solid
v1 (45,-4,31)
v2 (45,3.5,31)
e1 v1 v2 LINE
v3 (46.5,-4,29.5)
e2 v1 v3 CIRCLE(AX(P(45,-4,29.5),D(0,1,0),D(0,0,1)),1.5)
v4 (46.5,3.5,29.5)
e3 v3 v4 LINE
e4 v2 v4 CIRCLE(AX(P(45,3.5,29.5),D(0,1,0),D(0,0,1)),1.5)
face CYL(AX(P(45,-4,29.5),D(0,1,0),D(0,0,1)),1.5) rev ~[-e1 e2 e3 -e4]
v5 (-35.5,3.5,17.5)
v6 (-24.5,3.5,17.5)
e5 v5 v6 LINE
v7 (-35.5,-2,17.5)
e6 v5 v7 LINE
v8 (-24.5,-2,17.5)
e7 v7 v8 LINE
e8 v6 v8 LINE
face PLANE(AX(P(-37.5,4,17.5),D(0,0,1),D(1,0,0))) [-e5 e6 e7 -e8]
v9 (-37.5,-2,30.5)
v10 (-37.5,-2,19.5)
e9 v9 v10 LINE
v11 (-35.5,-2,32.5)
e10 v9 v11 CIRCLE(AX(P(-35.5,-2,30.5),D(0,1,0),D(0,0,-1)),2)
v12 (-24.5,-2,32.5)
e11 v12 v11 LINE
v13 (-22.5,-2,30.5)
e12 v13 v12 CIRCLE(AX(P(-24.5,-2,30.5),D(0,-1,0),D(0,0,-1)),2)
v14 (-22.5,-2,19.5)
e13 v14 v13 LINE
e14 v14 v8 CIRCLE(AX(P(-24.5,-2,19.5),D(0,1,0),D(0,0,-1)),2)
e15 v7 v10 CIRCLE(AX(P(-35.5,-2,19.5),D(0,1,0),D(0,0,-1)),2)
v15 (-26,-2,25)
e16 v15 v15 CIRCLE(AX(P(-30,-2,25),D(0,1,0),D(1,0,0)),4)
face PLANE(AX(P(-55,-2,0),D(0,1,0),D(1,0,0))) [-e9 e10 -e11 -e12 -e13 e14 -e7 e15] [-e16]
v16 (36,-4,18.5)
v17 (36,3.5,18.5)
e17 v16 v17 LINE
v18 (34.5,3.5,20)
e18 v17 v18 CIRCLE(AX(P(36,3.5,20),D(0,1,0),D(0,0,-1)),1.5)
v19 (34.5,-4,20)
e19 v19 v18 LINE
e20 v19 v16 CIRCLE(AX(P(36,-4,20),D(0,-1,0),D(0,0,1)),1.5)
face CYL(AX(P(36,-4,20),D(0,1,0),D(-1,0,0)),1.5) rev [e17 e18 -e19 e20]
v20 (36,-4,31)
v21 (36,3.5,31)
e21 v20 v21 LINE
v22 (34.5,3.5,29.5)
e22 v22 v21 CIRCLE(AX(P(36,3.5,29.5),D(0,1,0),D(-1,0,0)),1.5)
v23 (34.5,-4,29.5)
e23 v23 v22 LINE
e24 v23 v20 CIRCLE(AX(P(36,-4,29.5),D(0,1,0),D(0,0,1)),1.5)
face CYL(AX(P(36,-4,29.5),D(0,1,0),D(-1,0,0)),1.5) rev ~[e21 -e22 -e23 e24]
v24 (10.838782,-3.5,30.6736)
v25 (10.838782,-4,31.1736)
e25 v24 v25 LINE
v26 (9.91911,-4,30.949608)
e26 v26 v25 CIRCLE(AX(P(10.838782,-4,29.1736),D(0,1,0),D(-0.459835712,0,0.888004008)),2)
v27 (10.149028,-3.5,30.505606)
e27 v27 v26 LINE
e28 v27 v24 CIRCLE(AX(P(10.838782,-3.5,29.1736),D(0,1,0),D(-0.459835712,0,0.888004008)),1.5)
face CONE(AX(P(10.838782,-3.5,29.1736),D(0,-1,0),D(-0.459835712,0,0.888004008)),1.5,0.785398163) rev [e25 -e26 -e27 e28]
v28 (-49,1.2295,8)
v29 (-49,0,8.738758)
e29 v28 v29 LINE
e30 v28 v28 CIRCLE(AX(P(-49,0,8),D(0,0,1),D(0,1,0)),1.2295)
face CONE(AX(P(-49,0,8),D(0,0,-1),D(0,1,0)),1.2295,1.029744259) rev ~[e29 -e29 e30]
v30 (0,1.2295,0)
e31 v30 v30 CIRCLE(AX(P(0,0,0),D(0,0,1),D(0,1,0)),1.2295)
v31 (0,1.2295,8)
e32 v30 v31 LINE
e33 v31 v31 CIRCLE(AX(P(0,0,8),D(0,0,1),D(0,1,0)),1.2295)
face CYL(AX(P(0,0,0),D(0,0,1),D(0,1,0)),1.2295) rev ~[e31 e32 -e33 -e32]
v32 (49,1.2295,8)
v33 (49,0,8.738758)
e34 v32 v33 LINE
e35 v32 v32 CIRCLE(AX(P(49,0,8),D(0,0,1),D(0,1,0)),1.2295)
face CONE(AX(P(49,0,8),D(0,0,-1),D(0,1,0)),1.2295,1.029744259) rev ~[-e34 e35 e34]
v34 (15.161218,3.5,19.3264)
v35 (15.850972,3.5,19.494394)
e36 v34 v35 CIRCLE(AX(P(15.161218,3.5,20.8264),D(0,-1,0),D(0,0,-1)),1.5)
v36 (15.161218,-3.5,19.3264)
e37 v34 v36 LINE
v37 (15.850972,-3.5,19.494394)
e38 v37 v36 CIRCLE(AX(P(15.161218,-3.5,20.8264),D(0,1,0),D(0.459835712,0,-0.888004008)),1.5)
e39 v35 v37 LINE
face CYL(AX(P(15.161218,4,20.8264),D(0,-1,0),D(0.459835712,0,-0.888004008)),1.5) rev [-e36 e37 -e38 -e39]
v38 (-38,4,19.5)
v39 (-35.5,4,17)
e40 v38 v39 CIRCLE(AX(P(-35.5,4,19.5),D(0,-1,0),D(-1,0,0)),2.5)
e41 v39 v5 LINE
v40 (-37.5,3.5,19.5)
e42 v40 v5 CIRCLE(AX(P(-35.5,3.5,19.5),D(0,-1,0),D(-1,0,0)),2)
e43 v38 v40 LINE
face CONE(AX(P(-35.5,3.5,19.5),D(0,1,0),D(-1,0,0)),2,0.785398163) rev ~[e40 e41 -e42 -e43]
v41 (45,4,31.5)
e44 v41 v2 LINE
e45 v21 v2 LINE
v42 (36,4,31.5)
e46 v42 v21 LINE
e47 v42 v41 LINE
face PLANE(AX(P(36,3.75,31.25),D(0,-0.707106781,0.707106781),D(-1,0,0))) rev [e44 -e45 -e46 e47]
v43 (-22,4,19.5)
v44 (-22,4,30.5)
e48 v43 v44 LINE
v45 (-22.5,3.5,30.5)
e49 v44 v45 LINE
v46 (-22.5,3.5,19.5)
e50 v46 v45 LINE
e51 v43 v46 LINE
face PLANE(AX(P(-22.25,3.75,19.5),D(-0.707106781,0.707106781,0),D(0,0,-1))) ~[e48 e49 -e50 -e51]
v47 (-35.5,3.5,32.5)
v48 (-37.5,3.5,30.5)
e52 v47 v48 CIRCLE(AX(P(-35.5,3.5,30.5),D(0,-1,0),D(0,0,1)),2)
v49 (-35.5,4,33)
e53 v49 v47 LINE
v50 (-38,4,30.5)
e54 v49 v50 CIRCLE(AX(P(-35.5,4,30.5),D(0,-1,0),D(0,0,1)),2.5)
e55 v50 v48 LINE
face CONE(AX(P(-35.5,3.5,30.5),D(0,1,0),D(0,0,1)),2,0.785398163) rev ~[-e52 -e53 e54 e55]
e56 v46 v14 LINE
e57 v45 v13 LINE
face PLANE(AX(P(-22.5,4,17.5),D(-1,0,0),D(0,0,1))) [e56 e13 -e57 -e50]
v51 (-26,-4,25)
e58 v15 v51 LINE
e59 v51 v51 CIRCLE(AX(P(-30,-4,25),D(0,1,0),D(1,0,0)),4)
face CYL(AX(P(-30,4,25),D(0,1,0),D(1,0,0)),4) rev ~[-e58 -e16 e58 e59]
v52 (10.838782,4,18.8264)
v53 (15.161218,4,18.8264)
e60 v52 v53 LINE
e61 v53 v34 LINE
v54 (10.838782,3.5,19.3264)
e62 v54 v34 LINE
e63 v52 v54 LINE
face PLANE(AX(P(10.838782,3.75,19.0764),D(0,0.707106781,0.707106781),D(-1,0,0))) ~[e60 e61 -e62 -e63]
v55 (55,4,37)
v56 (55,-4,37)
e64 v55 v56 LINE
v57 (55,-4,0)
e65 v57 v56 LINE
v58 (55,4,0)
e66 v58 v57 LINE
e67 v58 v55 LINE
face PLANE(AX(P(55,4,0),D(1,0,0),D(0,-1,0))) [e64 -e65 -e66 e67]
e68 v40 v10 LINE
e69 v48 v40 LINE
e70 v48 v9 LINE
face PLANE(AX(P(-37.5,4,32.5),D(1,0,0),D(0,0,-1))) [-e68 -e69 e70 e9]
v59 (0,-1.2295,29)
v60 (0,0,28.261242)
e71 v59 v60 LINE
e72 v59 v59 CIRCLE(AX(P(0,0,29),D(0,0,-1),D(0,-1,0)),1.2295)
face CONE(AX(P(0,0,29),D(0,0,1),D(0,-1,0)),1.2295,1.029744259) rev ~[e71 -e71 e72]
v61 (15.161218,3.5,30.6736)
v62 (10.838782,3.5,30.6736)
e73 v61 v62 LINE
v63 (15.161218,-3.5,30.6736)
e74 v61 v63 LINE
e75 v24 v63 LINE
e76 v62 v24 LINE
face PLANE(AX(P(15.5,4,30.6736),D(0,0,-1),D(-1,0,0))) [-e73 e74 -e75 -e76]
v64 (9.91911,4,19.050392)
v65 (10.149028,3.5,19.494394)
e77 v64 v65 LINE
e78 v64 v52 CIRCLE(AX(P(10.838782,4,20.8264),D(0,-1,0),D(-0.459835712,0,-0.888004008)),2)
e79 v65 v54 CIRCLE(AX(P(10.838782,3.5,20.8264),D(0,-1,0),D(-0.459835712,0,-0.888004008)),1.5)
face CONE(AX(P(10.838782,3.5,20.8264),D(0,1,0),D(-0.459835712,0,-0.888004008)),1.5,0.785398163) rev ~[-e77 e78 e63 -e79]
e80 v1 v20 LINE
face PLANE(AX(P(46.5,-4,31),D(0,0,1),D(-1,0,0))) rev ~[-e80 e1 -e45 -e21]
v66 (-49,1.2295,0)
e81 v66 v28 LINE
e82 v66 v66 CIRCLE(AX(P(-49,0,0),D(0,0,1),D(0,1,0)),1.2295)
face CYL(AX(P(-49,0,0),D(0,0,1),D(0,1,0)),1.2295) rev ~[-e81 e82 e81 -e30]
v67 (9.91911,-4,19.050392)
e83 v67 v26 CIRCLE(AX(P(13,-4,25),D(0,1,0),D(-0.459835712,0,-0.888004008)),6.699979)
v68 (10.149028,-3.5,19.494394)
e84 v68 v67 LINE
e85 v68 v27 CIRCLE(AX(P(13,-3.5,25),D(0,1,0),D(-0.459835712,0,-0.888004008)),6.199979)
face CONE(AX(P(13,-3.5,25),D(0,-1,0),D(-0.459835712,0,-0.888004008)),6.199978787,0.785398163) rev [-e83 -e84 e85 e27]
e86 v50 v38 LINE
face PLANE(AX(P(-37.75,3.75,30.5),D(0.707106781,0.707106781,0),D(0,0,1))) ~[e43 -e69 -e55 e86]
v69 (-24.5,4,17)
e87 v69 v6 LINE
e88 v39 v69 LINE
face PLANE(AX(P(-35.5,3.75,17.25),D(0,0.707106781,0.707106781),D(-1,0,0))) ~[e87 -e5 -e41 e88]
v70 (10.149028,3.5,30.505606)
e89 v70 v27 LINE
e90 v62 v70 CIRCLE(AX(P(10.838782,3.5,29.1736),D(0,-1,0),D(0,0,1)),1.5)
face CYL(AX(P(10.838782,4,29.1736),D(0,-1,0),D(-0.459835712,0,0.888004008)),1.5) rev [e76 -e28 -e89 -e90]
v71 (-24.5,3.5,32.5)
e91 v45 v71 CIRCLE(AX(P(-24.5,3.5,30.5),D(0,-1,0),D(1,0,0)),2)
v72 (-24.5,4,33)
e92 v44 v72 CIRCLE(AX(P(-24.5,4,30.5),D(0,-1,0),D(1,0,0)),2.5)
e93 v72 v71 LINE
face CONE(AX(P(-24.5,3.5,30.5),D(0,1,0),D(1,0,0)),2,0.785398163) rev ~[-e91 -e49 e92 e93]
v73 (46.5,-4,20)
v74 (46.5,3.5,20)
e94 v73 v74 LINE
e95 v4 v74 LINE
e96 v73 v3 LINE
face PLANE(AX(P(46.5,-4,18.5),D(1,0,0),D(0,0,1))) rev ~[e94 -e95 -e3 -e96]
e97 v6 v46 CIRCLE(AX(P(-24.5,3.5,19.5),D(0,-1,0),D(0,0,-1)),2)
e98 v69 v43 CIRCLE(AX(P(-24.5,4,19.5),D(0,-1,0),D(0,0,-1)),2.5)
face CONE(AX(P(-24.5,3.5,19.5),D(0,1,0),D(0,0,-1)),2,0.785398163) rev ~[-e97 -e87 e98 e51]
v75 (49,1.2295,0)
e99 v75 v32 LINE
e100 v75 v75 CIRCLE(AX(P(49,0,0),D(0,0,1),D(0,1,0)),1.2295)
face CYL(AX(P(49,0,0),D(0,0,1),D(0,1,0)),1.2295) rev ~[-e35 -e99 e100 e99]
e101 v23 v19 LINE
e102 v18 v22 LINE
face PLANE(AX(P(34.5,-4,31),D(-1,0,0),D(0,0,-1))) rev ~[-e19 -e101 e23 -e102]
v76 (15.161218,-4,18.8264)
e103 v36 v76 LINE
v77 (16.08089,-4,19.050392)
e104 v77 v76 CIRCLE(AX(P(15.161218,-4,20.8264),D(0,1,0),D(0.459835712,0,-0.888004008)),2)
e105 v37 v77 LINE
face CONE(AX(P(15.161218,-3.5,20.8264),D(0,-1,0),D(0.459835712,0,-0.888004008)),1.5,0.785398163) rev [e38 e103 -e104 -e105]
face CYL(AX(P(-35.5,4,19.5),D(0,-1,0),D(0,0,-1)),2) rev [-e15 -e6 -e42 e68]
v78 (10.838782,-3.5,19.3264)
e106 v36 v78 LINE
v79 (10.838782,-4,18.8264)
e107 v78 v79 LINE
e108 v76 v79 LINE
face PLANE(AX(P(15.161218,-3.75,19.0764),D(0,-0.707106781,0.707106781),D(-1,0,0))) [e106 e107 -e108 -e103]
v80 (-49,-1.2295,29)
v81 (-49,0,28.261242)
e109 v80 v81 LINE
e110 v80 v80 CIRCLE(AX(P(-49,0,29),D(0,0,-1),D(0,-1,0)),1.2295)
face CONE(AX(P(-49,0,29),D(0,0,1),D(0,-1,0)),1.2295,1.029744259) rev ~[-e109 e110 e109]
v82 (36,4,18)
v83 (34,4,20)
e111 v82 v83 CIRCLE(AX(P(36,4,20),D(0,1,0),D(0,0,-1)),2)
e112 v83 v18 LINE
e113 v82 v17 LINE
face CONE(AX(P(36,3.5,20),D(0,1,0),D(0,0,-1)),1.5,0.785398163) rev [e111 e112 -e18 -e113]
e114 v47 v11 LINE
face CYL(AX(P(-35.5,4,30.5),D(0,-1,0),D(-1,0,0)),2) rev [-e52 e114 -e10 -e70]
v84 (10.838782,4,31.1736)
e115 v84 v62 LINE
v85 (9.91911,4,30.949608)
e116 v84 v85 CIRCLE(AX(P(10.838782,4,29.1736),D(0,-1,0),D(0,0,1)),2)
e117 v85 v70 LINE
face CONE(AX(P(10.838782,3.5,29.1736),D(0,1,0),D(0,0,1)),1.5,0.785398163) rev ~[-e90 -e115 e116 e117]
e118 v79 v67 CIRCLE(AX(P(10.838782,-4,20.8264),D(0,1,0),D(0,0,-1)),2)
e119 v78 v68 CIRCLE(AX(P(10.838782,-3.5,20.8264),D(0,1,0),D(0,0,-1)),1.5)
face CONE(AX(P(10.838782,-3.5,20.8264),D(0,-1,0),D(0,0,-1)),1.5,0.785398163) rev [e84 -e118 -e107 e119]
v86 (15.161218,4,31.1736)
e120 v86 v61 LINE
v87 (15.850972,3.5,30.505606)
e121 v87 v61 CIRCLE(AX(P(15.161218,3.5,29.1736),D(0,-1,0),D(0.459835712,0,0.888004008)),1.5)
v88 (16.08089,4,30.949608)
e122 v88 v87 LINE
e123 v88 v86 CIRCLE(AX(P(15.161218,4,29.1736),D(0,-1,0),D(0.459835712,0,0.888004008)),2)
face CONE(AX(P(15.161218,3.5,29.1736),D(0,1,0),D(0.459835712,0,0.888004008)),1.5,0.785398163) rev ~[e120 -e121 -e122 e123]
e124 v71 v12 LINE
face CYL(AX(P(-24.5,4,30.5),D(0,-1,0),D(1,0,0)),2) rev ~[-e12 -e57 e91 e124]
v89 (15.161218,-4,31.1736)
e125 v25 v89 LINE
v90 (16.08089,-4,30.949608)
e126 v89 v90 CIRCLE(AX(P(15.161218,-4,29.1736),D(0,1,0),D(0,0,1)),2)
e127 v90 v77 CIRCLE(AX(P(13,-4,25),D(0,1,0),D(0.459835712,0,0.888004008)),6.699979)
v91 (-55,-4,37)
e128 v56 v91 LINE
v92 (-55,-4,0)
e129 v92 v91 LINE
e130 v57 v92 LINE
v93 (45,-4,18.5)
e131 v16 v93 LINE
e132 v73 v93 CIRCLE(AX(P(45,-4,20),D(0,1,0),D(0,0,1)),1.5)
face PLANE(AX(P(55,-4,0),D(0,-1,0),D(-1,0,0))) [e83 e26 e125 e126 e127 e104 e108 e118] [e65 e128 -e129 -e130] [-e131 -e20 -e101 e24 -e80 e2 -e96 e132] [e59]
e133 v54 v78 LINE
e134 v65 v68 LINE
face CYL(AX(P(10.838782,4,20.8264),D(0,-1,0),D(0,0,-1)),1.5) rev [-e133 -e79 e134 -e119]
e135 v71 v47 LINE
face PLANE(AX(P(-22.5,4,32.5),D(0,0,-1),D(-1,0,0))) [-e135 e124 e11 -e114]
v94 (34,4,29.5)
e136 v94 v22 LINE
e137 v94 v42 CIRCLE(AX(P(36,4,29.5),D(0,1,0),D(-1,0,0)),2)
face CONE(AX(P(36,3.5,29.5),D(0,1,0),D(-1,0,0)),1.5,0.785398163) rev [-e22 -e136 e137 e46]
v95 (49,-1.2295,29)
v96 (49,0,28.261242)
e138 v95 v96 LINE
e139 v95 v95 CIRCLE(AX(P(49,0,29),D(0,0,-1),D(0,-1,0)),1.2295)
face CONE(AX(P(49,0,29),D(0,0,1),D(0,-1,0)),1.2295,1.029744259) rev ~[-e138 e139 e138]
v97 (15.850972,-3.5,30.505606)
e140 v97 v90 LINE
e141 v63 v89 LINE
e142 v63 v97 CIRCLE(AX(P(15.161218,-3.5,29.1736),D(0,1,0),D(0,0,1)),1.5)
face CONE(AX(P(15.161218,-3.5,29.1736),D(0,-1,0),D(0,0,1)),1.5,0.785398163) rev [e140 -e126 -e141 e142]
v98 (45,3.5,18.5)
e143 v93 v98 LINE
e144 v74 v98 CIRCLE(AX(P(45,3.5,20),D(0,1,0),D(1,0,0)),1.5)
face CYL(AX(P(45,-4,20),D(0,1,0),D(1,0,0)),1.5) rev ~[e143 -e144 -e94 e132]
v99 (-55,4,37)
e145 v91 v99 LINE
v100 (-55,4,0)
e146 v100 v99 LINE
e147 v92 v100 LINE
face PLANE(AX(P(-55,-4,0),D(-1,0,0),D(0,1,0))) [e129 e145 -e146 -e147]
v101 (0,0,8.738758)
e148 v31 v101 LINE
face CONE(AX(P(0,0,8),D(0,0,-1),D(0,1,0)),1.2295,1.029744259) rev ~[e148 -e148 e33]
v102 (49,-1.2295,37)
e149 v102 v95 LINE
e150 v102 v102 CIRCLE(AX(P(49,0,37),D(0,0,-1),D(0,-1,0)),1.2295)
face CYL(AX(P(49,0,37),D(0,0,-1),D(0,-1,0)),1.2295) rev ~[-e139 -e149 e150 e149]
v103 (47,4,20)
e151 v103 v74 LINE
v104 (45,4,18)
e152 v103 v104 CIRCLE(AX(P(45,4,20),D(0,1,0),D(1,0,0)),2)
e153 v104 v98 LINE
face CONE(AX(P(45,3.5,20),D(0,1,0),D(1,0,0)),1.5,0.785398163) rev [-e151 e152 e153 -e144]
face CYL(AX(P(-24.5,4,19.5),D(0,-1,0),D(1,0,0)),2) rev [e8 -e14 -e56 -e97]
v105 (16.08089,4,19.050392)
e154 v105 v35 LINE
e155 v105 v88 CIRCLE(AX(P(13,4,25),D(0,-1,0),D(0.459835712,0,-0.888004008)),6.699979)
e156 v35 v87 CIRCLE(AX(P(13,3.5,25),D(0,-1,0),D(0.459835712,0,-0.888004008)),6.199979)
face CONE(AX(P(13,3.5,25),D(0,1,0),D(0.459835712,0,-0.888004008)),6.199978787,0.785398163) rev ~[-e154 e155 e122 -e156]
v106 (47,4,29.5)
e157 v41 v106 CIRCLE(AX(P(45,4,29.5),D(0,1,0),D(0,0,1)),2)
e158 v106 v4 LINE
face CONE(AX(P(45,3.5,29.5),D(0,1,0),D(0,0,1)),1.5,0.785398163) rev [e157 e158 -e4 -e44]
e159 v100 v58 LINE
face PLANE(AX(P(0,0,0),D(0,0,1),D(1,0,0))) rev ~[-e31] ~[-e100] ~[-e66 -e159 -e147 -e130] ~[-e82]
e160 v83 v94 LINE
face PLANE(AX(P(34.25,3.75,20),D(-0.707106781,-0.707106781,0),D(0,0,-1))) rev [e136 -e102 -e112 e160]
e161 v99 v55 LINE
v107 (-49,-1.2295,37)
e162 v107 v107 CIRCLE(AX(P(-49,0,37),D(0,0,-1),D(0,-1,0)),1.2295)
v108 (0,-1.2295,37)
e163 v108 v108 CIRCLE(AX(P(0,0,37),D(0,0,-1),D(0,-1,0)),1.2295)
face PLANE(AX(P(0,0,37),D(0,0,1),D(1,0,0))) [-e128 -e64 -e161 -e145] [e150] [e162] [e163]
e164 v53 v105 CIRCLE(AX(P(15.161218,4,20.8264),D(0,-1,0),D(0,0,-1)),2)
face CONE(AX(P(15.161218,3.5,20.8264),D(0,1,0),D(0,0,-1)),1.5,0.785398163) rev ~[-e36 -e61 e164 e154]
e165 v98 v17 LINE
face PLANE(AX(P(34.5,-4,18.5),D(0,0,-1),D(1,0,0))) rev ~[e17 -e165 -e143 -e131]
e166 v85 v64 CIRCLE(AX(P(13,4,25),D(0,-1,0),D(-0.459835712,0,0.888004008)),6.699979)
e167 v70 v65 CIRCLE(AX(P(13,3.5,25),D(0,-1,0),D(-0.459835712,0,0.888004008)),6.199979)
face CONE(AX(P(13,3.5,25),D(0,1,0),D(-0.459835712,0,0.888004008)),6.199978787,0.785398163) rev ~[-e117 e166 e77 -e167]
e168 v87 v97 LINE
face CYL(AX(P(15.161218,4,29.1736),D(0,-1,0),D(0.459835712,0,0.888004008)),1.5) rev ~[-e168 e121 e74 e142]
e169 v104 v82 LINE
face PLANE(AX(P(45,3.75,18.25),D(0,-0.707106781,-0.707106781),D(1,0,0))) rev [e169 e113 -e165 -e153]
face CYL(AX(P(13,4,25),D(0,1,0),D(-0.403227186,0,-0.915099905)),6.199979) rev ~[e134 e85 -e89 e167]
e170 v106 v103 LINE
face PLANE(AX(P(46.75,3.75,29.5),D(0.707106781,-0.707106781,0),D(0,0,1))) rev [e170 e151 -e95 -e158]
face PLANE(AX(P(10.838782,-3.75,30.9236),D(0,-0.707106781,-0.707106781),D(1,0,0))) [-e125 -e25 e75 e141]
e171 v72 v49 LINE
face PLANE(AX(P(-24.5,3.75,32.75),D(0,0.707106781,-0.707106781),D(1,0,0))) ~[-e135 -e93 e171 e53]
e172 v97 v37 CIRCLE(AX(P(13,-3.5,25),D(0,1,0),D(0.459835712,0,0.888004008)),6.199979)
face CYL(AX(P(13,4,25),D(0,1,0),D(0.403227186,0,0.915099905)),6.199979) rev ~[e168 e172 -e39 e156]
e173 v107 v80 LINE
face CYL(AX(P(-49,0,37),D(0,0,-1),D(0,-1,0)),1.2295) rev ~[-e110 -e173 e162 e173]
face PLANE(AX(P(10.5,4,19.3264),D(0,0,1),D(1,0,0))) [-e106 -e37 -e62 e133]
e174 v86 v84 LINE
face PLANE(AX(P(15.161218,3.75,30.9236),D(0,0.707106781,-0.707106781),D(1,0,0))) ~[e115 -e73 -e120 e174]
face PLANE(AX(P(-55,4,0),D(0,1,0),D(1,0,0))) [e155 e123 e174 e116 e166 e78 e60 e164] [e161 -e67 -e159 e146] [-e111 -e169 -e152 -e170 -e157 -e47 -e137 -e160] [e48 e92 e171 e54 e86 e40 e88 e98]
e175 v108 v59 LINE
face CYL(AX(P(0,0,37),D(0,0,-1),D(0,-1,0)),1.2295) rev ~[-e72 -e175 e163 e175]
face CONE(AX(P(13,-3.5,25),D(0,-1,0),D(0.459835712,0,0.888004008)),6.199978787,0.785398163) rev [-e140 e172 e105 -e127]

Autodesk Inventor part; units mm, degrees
ref_plane "YZ Plane" through (0, 0, 0) normal (1, 0, 0) x (0, 1, 0)
ref_plane "XZ Plane" through (0, 0, 0) normal (0, 1, 0) x (-1, 0, 0)
ref_plane "XY Plane" through (0, 0, 0) normal (0, 0, 1) x (1, 0, 0)
sketch "Sketch1" plane through (0, 0, 0) normal (0, 0, 1) x (1, 0, 0)
  line L0 (-55, 4) -> (55, 4)
  line L1 (55, 4) -> (55, -4)
  line L2 (55, -4) -> (-55, -4)
  line L3 (-55, -4) -> (-55, 4)
  line L4 (-55, 4) -> (55, -4) construction
  line L5 (55, 4) -> (-55, -4) construction
  point P0 (0, 0)
  dimension "d0" = 110
  dimension "d1" = 8
extrude "Extrusion1" add sketch "Sketch1" along normal blind 37
sketch "Sketch2" plane through (0, 0, 37) normal (0, 0, 1) x (1, 0, 0)
  line L0 (-55, 4) -> (-55, -4) projected
  line L1 (55, -4) -> (55, 4) projected
  point P0 (0, 0)
  point P1 (-49, 0)
  point P2 (0, 0)
  point P3 (49, 0)
  dimension "d4" = 6
  dimension "d5" = 6
hole "Hole1" at (-49, 0, 37) at (0, 0, 37) at (49, 0, 37) direction (0, 0, -1) diameter 2.459 depth 8 tip angle 118 thread size "M3x0.5" class "6H" standard "ISO Metric profile"
fillet "Fillet1" [suppressed]
sketch "Sketch3" plane through (0, 0, 0) normal (0, 0, -1) x (-1, 0, 0)
  circle A0 centre (-49, 0) radius 1.2295 projected
  circle A1 centre (0, 0) radius 1.2295 projected
  circle A2 centre (49, 0) radius 1.2295 projected
hole "Hole2" at (49, 0, 0) at (0, 0, 0) at (-49, 0, 0) direction (0, 0, 1) diameter 2.459 depth 8 tip angle 118 thread size "M3x0.5" class "6H" standard "ISO Metric profile"
sketch "Sketch6" plane through (-55, -4, 0) normal (0, -1, 0) x (1, 0, 0)
  line L0 (89.5, 18.5) -> (101.5, 18.5)
  line L1 (101.5, 18.5) -> (101.5, 31)
  line L2 (101.5, 31) -> (89.5, 31)
  line L3 (89.5, 31) -> (89.5, 18.5)
  line L4 (110, 0) -> (110, 37) projected
  line L5 (110, 0) -> (0, 0) projected
  line L6 (0, 37) -> (110, 37) projected
  point P0 (55, 0)
  dimension "d34" = 8.5
  dimension "d35" = 12
  dimension "d61" = 6
  dimension "d62" = 12.5
extrude "Extrusion3" cut sketch "Sketch6" against normal blind 10
fillet "Fillet2" radius 1.5 4 edges at (34.5, 0, 31) (46.5, 0, 31) (46.5, 0, 18.5) (34.5, 0, 18.5)
sketch "Sketch7" plane through (-55, 4, 0) normal (0, 1, 0) x (1, 0, 0)
  circle A0 centre (25, -25) radius 4
  line L0 (110, -37) -> (0, -37) projected
  line L1 (110, 0) -> (110, -37) projected
  point P0 (55, 0)
  dimension "d44" = 8
  dimension "d45" = 12
  dimension "d46" = 85
extrude "Extrusion4" cut sketch "Sketch7" against normal blind 10
sketch "Sketch9" plane through (-55, 4, 0) normal (0, 1, 0) x (1, 0, 0)
  line L0 (32.5, -32.5) -> (17.5, -32.5)
  line L1 (17.5, -32.5) -> (17.5, -17.5)
  line L2 (17.5, -17.5) -> (32.5, -17.5)
  line L3 (32.5, -17.5) -> (32.5, -32.5)
  circle A0 centre (25, -25) radius 4 projected
  line L4 (32.5, -32.5) -> (17.5, -17.5) construction
  line L5 (17.5, -32.5) -> (32.5, -17.5) construction
  point P0 (55, 0)
  dimension "d52" = 15
  dimension "d53" = 15
extrude "Extrusion6" cut sketch "Sketch9" against normal blind 6
fillet "Fillet3" radius 2 4 edges at (-22.5, 1, 32.5) (-22.5, 1, 17.5) (-37.5, 1, 17.5) (-37.5, 1, 32.5)
chamfer "Chamfer3" distance 0.5 angle 45 16 edges at (40.5, 4, 31) (34.9393, 4, 30.5607) (34.5, 4, 24.75) (34.9393, 4, 18.9393) (40.5, 4, 18.5) (46.0607, 4, 18.9393) (46.5, 4, 24.75) (46.0607, 4, 30.5607) (-30, 4, 17.5) (-23.0858, 4, 18.0858) (-22.5, 4, 25) (-23.0858, 4, 31.9142) (-30, 4, 32.5) (-36.9142, 4, 31.9142) (-37.5, 4, 25) (-36.9142, 4, 18.0858)
sketch "Sketch10" plane through (-55, 4, 0) normal (0, 1, 0) x (1, 0, 0)
  line L0 (110, 0) -> (110, -37) projected
  line L1 (70.5, -30.6736) -> (65.5, -30.6736)
  line L2 (65.5, -19.3264) -> (70.5, -19.3264)
  line L3 (70.5, -30.6736) -> (65.5, -19.3264) construction
  line L4 (65.5, -30.6736) -> (70.5, -19.3264) construction
  arc A0 (70.5, -30.6736) -> (70.5, -19.3264) centre (68, -25) ccw
  arc A1 (65.5, -19.3264) -> (65.5, -30.6736) centre (68, -25) ccw
  point P0 (55, 0)
  dimension "d70" = 42
  dimension "d74" = 5
extrude "Extrusion7" cut sketch "Sketch10" against normal blind 10
chamfer "Chamfer4" [suppressed]
fillet "Fillet5" radius 1.5 4 edges at (15.5, 0, 30.6736) (10.5, 0, 30.6736) (15.5, 0, 19.3264) (10.5, 0, 19.3264)
chamfer "Chamfer5" distance 0.5 angle 45 16 edges at (13, 4, 19.3264) (15.5162, 4, 19.369) (19.2, 4, 25) (15.5162, 4, 30.631) (13, 4, 30.6736) (10.4838, 4, 30.631) (6.8, 4, 25) (10.4838, 4, 19.369) (19.2, -4, 25) (15.5162, -4, 19.369) (13, -4, 19.3264) (10.4838, -4, 19.369) (6.8, -4, 25) (10.4838, -4, 30.631) (13, -4, 30.6736) (15.5162, -4, 30.631)
properties part number "back accses panel" material "Aluminum 6061"
